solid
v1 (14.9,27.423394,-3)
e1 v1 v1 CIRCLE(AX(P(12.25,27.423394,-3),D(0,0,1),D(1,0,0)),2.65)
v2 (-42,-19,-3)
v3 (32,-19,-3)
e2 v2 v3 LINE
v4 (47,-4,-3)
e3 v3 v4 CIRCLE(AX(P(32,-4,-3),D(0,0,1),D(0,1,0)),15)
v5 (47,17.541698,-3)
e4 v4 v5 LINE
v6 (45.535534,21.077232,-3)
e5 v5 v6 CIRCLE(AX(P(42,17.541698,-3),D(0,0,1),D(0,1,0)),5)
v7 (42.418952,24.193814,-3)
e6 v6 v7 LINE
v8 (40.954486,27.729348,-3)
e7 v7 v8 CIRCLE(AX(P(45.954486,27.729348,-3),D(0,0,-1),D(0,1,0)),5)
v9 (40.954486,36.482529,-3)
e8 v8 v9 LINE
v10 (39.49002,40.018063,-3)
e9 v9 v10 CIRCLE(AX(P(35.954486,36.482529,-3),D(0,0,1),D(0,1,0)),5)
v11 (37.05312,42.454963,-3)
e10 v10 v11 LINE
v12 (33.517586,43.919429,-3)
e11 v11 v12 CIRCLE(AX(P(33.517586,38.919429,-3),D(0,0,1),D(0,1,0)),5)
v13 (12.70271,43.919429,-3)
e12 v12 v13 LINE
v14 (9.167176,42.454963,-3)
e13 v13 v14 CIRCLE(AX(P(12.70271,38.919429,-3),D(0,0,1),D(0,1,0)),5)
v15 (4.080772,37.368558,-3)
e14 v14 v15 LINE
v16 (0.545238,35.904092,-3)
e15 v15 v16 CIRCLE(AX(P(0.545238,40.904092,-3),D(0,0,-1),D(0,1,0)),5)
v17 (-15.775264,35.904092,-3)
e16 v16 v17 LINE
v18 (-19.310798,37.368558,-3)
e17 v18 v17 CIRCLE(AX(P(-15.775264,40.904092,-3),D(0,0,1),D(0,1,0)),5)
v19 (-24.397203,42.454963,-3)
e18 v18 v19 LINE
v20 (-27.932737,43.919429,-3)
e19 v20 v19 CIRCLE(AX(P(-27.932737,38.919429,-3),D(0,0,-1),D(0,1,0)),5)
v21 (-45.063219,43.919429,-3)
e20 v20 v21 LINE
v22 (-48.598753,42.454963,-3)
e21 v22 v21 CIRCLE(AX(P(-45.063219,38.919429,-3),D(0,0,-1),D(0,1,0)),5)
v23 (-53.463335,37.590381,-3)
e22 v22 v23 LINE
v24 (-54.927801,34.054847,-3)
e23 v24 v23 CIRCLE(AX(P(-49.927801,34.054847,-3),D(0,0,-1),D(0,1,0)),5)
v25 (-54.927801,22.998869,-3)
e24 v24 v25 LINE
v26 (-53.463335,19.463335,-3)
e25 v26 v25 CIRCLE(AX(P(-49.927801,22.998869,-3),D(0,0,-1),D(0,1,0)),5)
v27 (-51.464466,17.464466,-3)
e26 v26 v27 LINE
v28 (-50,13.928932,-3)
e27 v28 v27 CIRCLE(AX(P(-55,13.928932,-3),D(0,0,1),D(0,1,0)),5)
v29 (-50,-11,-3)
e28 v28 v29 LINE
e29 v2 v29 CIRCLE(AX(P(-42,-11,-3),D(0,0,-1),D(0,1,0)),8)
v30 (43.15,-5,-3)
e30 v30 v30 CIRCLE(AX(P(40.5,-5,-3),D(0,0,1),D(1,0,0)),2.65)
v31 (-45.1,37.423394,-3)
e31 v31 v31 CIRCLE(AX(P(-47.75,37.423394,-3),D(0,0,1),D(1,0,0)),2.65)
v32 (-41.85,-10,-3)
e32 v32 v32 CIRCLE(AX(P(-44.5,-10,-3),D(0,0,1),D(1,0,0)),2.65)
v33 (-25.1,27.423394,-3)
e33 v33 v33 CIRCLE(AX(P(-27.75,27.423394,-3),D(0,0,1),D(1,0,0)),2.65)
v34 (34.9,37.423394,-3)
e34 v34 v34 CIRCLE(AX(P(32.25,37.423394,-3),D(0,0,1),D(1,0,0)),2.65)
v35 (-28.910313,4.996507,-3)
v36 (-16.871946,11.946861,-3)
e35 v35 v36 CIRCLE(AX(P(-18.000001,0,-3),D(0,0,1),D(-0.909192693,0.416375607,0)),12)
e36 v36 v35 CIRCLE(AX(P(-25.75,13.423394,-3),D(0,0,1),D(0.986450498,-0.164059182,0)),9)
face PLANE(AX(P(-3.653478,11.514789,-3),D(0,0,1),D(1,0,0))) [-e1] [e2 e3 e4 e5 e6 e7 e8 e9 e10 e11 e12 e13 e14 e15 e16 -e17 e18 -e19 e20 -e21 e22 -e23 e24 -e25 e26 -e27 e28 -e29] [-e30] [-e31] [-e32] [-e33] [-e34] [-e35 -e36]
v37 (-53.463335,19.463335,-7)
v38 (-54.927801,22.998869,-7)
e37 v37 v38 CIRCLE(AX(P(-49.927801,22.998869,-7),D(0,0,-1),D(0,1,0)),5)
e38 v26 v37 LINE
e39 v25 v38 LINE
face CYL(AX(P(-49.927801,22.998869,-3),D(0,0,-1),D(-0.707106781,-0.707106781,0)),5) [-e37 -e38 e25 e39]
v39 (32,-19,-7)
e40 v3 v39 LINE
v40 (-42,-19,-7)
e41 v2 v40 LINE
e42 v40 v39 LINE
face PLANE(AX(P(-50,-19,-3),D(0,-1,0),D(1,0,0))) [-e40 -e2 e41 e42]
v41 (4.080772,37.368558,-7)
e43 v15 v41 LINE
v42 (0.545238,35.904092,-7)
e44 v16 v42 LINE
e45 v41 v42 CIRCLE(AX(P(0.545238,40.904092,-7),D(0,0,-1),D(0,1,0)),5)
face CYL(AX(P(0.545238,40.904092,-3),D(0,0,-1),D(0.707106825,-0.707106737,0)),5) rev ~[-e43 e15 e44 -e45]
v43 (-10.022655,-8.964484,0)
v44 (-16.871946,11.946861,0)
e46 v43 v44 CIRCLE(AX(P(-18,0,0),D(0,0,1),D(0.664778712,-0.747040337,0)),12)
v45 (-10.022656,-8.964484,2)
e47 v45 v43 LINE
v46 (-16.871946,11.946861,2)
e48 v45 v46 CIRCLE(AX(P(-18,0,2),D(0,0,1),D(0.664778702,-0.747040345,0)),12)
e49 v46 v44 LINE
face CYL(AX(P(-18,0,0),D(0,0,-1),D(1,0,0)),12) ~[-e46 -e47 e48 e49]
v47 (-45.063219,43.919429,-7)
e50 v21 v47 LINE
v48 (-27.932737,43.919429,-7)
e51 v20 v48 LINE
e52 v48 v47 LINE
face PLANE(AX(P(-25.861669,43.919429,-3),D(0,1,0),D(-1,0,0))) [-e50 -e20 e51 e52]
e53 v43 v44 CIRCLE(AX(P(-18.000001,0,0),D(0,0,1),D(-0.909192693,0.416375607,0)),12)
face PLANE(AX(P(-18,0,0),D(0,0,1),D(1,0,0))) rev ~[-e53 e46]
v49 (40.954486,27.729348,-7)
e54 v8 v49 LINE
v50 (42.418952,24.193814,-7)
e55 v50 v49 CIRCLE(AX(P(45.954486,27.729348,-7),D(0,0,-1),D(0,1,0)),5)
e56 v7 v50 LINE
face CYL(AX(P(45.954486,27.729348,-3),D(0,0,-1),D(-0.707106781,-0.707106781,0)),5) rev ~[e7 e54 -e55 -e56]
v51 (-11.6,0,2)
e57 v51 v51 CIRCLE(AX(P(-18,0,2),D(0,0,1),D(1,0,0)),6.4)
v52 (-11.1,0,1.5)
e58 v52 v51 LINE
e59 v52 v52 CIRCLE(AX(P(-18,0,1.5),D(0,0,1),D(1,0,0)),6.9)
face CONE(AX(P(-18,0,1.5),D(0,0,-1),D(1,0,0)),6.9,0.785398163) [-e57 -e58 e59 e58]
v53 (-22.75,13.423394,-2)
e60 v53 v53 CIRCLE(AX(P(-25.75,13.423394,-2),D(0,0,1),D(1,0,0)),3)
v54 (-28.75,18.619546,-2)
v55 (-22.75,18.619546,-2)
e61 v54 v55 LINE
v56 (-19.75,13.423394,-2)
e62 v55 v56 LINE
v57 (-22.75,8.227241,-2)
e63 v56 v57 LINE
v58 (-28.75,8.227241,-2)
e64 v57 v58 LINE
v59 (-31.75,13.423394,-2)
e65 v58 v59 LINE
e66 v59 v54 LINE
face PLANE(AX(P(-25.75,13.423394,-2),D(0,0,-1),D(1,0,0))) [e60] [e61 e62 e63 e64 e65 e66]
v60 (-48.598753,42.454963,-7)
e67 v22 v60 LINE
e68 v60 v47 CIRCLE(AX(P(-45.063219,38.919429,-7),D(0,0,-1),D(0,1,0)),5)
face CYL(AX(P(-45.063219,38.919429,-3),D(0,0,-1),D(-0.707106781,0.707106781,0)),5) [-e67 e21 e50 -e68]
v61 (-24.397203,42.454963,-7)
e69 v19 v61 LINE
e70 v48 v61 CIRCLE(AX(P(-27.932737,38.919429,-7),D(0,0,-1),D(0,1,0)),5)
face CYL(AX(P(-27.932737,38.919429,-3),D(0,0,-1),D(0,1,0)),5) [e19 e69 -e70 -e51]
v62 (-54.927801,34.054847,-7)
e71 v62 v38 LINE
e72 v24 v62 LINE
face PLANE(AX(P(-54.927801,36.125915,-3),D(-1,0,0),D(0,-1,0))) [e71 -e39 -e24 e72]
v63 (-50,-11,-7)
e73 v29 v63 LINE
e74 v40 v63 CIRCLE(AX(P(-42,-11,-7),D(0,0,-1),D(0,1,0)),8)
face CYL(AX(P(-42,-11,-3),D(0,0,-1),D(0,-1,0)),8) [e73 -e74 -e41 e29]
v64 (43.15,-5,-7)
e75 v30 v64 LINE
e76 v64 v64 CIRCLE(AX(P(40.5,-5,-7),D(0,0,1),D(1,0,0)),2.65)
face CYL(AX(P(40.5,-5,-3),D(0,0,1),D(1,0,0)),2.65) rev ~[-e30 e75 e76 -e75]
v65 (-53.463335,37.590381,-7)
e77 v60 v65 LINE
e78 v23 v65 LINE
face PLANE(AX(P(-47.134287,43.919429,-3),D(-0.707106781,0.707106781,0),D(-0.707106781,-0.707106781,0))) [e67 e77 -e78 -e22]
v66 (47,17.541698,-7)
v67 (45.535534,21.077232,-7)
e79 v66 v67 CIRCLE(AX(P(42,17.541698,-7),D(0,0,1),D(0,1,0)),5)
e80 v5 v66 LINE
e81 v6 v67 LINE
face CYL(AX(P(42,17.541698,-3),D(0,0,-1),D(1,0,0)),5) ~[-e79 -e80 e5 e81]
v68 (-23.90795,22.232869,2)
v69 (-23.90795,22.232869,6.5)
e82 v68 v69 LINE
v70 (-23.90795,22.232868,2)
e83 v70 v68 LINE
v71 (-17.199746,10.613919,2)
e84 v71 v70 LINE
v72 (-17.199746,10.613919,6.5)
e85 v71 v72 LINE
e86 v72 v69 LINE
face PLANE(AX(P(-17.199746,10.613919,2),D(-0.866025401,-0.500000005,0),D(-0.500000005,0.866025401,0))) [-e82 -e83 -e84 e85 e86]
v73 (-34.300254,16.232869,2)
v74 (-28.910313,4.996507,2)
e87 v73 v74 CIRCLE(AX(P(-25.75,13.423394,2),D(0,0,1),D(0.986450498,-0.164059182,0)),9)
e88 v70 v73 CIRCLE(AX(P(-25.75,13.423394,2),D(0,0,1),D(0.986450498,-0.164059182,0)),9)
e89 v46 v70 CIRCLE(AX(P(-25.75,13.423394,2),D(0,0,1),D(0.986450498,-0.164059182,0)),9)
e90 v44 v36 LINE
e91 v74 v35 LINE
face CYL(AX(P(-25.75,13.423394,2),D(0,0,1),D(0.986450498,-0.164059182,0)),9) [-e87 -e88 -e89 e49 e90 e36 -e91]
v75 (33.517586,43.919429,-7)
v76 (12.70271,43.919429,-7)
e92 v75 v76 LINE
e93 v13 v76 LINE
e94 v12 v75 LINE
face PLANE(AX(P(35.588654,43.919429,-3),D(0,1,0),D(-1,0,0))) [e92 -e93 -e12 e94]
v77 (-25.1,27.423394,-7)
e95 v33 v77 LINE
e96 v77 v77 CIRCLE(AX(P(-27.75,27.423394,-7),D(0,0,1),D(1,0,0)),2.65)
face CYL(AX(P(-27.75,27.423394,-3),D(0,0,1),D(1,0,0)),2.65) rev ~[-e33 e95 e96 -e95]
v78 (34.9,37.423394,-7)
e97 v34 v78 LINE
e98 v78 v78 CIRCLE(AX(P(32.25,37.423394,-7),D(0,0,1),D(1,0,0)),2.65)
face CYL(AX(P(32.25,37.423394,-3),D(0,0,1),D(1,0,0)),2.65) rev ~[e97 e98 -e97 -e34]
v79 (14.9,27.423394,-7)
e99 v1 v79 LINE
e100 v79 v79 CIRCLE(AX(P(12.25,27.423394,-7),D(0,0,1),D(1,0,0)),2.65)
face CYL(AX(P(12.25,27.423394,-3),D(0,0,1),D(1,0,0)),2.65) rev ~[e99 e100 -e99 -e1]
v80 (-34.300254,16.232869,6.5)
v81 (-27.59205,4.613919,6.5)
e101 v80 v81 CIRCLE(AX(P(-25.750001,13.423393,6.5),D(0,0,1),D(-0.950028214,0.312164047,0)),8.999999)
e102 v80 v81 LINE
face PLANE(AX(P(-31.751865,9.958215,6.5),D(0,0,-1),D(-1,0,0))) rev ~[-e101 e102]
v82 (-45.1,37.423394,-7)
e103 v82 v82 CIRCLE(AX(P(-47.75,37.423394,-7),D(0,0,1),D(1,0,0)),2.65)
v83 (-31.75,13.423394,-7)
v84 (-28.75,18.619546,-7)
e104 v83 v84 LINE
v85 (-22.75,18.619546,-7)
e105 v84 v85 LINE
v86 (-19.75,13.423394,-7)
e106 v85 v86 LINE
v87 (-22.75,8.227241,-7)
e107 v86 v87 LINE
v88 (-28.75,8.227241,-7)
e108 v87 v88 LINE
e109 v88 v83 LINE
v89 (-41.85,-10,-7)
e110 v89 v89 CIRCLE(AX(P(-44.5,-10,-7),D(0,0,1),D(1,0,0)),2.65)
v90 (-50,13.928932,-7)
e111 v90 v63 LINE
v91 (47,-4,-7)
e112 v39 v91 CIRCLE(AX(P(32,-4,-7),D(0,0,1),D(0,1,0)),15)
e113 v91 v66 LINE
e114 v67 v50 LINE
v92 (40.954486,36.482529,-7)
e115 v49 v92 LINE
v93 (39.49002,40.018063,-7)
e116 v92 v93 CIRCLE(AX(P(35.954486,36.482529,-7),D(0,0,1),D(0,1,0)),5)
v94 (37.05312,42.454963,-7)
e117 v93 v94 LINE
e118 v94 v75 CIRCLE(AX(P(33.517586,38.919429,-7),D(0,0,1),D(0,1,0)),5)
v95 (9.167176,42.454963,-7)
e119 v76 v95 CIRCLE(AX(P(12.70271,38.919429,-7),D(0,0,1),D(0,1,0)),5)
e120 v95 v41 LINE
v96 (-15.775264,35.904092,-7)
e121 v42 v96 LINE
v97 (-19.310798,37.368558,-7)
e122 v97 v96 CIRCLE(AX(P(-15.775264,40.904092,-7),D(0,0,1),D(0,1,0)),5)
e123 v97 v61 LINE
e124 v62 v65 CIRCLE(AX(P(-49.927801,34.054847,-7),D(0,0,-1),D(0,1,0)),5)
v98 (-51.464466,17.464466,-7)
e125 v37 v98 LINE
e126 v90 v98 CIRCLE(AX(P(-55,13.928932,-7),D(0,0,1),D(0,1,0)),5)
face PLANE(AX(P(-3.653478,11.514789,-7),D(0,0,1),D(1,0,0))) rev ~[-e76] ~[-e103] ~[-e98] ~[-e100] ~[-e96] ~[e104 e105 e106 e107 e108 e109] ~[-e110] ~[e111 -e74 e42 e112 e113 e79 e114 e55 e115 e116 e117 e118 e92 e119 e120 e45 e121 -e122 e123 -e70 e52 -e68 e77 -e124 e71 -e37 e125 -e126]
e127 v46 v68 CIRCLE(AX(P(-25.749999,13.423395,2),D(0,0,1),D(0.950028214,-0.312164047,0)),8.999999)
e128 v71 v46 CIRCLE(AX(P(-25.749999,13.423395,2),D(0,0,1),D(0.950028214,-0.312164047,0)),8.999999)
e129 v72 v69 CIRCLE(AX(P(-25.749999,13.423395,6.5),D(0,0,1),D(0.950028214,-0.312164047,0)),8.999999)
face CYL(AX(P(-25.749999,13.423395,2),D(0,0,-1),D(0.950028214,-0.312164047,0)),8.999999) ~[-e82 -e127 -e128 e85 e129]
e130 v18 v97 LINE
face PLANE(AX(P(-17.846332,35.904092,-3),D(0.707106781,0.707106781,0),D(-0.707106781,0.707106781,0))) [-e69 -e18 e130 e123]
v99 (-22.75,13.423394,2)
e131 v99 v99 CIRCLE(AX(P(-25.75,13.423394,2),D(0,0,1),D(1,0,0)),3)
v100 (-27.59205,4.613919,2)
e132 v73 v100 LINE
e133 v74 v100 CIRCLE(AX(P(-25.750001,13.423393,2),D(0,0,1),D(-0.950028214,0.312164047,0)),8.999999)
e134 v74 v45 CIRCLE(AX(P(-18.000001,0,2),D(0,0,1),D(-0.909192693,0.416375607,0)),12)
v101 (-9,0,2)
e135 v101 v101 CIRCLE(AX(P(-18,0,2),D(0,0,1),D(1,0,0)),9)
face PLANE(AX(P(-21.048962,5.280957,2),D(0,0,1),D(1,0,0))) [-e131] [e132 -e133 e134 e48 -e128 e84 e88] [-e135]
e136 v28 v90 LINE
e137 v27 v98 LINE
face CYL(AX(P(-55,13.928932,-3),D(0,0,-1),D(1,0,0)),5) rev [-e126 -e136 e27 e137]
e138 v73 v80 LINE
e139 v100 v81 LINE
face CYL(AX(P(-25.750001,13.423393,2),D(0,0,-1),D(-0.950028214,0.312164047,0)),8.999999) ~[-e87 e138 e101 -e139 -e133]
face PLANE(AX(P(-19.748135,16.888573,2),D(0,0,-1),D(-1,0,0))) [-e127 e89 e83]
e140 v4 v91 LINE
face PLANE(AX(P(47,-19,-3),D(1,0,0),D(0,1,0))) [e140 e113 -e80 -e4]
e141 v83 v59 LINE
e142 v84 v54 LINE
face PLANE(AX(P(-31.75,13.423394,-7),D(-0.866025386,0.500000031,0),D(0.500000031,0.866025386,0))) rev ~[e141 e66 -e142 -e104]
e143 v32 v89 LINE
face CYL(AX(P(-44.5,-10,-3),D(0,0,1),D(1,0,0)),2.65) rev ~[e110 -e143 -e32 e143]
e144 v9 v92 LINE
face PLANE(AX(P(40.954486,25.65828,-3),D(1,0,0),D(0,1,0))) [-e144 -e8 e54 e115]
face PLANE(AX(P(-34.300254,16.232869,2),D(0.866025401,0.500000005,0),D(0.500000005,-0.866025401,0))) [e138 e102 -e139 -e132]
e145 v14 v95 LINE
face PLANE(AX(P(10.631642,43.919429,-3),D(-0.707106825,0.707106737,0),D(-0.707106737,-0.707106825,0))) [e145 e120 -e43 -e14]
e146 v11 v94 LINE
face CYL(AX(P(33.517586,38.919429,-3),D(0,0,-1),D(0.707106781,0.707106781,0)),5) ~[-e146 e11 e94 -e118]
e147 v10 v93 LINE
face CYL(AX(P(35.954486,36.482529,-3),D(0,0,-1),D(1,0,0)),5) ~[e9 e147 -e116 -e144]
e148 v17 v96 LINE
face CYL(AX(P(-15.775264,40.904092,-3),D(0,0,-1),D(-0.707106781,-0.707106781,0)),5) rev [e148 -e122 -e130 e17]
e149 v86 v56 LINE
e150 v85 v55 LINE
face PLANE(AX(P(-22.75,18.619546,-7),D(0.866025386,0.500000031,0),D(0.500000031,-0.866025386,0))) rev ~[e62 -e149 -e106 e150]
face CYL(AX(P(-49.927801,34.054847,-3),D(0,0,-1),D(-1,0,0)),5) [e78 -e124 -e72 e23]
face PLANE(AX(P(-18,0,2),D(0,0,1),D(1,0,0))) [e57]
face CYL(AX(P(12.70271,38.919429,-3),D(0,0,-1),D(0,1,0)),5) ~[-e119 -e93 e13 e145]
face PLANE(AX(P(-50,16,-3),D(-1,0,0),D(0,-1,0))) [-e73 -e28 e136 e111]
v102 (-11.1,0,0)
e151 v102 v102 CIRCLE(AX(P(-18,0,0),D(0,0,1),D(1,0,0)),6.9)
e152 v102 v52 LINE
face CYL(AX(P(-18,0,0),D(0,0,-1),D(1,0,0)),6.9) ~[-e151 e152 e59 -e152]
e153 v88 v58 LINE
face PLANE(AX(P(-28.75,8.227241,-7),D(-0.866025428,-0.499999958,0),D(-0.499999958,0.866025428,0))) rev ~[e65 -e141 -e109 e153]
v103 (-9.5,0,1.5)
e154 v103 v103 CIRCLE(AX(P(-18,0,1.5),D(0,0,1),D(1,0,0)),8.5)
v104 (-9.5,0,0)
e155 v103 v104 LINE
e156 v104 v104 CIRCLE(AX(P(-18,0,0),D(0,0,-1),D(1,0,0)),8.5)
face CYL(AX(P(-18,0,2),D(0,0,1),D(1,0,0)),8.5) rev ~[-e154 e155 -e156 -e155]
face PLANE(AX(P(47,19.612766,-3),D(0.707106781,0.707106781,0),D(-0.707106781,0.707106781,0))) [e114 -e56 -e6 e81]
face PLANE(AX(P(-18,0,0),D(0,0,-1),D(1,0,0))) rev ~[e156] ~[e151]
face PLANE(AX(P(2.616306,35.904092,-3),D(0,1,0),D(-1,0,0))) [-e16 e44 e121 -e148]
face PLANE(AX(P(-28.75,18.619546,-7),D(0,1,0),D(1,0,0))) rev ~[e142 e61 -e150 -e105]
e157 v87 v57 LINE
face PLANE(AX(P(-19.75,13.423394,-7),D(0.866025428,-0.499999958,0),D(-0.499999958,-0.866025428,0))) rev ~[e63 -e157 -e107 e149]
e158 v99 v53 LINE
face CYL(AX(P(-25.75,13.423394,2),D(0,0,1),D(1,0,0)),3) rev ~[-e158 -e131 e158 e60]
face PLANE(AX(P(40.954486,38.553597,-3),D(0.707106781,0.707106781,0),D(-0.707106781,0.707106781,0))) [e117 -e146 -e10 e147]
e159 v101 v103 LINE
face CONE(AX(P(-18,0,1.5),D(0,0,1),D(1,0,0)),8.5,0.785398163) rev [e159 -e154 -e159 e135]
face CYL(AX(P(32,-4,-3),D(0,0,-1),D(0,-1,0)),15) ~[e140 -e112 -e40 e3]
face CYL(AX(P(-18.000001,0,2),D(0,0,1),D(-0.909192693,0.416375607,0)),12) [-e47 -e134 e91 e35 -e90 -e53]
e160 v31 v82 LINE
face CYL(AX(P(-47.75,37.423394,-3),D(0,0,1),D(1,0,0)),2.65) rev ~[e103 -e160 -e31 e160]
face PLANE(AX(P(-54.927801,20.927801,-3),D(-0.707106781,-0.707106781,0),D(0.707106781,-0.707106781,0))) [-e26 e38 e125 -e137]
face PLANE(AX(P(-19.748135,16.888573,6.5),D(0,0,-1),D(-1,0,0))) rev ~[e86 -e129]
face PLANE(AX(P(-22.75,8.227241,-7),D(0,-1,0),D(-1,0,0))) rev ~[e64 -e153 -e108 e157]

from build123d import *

# Parameters (mm, degrees)
SKETCH_R        = 12
SKETCH_R_2      = 8.5
PAD_DEPTH       = 2
SKETCH001_R     = 8.5
SKETCH001_R_2   = 3
PAD001_DEPTH    = 5
SKETCH002_R     = 8.5
PAD002_DEPTH    = 3
SKETCH003_R     = 6.9
PAD003_DEPTH    = 2
PAD004_DEPTH    = 4.5
SKETCH006_R     = 3
POCKET_DEPTH    = 5
SKETCH005_R     = 2.65
PAD005_DEPTH    = 4
POCKET001_DEPTH = 5
FILLET_R        = 5
FILLET001_R     = 15
FILLET002_R     = 8
CHAMFER_SIZE    = 0.5


with BuildPart() as part:
    # Sketch → Pad (new body)
    with BuildSketch(Plane.XY):
        with Locations((-18, 0)):
            Circle(SKETCH_R)
        with Locations((-18, 0)):
            Circle(SKETCH_R_2, mode=Mode.SUBTRACT)
    extrude(amount=PAD_DEPTH)

    # Sketch001 (on Face4 of Pad) → Pad001 (join)
    with BuildSketch(Plane.XY.offset(2)):
        with BuildLine():
            ThreePointArc((-28.910313, 4.996507), (-12, -10.392305), (-16.871946, 11.946861))
            ThreePointArc((-16.871946, 11.946861), (-30.25, 21.217622), (-28.910313, 4.996507))
        make_face()
        with Locations((-18, 0)):
            Circle(SKETCH001_R, mode=Mode.SUBTRACT)
        with Locations((-25.75, 13.423394)):
            Circle(SKETCH001_R_2, mode=Mode.SUBTRACT)
    extrude(amount=-PAD001_DEPTH)

    # Sketch002 (on Face6 of Pad001) → Pad002 (join)
    with BuildSketch(Plane(origin=(0, 0, -3), x_dir=(1, 0, 0), z_dir=(0, 0, -1))):
        with Locations((-18, 0)):
            Circle(SKETCH002_R)
    extrude(amount=-PAD002_DEPTH)

    # Sketch003 (on Face11 of Pad002) → Pad003 (join)
    with BuildSketch(Plane.XY):
        with Locations((-18, 0)):
            Circle(SKETCH003_R)
    extrude(amount=PAD003_DEPTH)

    # Sketch004 (on Face7 of Pad003) → Pad004 (join)
    with BuildSketch(Plane.XY.offset(2)):
        with BuildLine():
            Line((-34.300254, 16.232869), (-27.59205, 4.613919))
            ThreePointArc((-34.300254, 16.232869), (-33.544229, 8.923394), (-27.59205, 4.613919))
        make_face()
        with BuildLine():
            Line((-17.199746, 10.613919), (-23.90795, 22.232869))
            ThreePointArc((-17.199746, 10.613919), (-17.955771, 17.923394), (-23.90795, 22.232869))
        make_face()
    extrude(amount=PAD004_DEPTH)

    # Sketch006 → Pocket (cut)
    with BuildSketch(Plane.XY.offset(-3)):
        with Locations((-17.75, 13.423394)):
            Circle(SKETCH006_R)
    extrude(amount=-POCKET_DEPTH, mode=Mode.SUBTRACT)

    # Sketch005 (on Face19 of Pad004) → Pad005 (join)
    with BuildSketch(Plane.XY.offset(-3)):
        Polygon((-50, -19), (47, -19), (47, 16), (47, 19.612766), (40.954486, 25.65828), (40.954486, 38.553597), (35.588654, 43.919429), (10.631642, 43.919429), (2.616306, 35.904092), (-17.846332, 35.904092), (-25.861669, 43.919429), (-47.134287, 43.919429), (-54.927801, 36.125915), (-54.927801, 20.927801), (-50, 16), align=None)
        with Locations((40.5, -5)):
            Circle(SKETCH005_R, mode=Mode.SUBTRACT)
        with Locations((-27.75, 27.423394)):
            Circle(SKETCH005_R, mode=Mode.SUBTRACT)
        with Locations((-47.75, 37.423394)):
            Circle(SKETCH005_R, mode=Mode.SUBTRACT)
        with Locations((32.25, 37.423394)):
            Circle(SKETCH005_R, mode=Mode.SUBTRACT)
        with Locations((12.25, 27.423394)):
            Circle(SKETCH005_R, mode=Mode.SUBTRACT)
        with Locations((-44.5, -10)):
            Circle(SKETCH005_R, mode=Mode.SUBTRACT)
    extrude(amount=-PAD005_DEPTH)

    # Sketch008 (on Face5 of Pad005) → Pocket001 (cut)
    with BuildSketch(Plane(origin=(0, 0, -7), x_dir=(1, 0, 0), z_dir=(0, 0, -1))):
        Polygon((-28.75, -8.227241), (-31.75, -13.423394), (-28.75, -18.619546), (-22.75, -18.619546), (-19.75, -13.423394), (-22.75, -8.227241), align=None)
    extrude(amount=-POCKET001_DEPTH, mode=Mode.SUBTRACT)

    # Fillet
    fillet_edges = [part.edges().sort_by_distance(p)[0] for p in [
        (47, 19.612766, -5),
        (40.954486, 25.65828, -5),
        (40.954486, 38.553597, -5),
        (35.588654, 43.919429, -5),
        (10.631642, 43.919429, -5),
        (2.616306, 35.904092, -5),
        (-17.846332, 35.904092, -5),
        (-25.861669, 43.919429, -5),
        (-47.134287, 43.919429, -5),
        (-54.927801, 36.125915, -5),
        (-54.927801, 20.927801, -5),
        (-50, 16, -5),
    ]]
    fillet(fillet_edges, radius=FILLET_R)

    # Fillet001
    fillet001_edges = [part.edges().sort_by_distance(p)[0] for p in [
        (47, -19, -5),
    ]]
    fillet(fillet001_edges, radius=FILLET001_R)

    # Fillet002
    fillet002_edges = [part.edges().sort_by_distance(p)[0] for p in [
        (-50, -19, -5),
    ]]
    fillet(fillet002_edges, radius=FILLET002_R)

    # Chamfer
    chamfer_edges = [part.edges().sort_by_distance(p)[0] for p in [
        (-24.9, 0, 2),
        (-26.5, 0, 2),
    ]]
    chamfer(chamfer_edges, length=CHAMFER_SIZE)


solid = part.part
